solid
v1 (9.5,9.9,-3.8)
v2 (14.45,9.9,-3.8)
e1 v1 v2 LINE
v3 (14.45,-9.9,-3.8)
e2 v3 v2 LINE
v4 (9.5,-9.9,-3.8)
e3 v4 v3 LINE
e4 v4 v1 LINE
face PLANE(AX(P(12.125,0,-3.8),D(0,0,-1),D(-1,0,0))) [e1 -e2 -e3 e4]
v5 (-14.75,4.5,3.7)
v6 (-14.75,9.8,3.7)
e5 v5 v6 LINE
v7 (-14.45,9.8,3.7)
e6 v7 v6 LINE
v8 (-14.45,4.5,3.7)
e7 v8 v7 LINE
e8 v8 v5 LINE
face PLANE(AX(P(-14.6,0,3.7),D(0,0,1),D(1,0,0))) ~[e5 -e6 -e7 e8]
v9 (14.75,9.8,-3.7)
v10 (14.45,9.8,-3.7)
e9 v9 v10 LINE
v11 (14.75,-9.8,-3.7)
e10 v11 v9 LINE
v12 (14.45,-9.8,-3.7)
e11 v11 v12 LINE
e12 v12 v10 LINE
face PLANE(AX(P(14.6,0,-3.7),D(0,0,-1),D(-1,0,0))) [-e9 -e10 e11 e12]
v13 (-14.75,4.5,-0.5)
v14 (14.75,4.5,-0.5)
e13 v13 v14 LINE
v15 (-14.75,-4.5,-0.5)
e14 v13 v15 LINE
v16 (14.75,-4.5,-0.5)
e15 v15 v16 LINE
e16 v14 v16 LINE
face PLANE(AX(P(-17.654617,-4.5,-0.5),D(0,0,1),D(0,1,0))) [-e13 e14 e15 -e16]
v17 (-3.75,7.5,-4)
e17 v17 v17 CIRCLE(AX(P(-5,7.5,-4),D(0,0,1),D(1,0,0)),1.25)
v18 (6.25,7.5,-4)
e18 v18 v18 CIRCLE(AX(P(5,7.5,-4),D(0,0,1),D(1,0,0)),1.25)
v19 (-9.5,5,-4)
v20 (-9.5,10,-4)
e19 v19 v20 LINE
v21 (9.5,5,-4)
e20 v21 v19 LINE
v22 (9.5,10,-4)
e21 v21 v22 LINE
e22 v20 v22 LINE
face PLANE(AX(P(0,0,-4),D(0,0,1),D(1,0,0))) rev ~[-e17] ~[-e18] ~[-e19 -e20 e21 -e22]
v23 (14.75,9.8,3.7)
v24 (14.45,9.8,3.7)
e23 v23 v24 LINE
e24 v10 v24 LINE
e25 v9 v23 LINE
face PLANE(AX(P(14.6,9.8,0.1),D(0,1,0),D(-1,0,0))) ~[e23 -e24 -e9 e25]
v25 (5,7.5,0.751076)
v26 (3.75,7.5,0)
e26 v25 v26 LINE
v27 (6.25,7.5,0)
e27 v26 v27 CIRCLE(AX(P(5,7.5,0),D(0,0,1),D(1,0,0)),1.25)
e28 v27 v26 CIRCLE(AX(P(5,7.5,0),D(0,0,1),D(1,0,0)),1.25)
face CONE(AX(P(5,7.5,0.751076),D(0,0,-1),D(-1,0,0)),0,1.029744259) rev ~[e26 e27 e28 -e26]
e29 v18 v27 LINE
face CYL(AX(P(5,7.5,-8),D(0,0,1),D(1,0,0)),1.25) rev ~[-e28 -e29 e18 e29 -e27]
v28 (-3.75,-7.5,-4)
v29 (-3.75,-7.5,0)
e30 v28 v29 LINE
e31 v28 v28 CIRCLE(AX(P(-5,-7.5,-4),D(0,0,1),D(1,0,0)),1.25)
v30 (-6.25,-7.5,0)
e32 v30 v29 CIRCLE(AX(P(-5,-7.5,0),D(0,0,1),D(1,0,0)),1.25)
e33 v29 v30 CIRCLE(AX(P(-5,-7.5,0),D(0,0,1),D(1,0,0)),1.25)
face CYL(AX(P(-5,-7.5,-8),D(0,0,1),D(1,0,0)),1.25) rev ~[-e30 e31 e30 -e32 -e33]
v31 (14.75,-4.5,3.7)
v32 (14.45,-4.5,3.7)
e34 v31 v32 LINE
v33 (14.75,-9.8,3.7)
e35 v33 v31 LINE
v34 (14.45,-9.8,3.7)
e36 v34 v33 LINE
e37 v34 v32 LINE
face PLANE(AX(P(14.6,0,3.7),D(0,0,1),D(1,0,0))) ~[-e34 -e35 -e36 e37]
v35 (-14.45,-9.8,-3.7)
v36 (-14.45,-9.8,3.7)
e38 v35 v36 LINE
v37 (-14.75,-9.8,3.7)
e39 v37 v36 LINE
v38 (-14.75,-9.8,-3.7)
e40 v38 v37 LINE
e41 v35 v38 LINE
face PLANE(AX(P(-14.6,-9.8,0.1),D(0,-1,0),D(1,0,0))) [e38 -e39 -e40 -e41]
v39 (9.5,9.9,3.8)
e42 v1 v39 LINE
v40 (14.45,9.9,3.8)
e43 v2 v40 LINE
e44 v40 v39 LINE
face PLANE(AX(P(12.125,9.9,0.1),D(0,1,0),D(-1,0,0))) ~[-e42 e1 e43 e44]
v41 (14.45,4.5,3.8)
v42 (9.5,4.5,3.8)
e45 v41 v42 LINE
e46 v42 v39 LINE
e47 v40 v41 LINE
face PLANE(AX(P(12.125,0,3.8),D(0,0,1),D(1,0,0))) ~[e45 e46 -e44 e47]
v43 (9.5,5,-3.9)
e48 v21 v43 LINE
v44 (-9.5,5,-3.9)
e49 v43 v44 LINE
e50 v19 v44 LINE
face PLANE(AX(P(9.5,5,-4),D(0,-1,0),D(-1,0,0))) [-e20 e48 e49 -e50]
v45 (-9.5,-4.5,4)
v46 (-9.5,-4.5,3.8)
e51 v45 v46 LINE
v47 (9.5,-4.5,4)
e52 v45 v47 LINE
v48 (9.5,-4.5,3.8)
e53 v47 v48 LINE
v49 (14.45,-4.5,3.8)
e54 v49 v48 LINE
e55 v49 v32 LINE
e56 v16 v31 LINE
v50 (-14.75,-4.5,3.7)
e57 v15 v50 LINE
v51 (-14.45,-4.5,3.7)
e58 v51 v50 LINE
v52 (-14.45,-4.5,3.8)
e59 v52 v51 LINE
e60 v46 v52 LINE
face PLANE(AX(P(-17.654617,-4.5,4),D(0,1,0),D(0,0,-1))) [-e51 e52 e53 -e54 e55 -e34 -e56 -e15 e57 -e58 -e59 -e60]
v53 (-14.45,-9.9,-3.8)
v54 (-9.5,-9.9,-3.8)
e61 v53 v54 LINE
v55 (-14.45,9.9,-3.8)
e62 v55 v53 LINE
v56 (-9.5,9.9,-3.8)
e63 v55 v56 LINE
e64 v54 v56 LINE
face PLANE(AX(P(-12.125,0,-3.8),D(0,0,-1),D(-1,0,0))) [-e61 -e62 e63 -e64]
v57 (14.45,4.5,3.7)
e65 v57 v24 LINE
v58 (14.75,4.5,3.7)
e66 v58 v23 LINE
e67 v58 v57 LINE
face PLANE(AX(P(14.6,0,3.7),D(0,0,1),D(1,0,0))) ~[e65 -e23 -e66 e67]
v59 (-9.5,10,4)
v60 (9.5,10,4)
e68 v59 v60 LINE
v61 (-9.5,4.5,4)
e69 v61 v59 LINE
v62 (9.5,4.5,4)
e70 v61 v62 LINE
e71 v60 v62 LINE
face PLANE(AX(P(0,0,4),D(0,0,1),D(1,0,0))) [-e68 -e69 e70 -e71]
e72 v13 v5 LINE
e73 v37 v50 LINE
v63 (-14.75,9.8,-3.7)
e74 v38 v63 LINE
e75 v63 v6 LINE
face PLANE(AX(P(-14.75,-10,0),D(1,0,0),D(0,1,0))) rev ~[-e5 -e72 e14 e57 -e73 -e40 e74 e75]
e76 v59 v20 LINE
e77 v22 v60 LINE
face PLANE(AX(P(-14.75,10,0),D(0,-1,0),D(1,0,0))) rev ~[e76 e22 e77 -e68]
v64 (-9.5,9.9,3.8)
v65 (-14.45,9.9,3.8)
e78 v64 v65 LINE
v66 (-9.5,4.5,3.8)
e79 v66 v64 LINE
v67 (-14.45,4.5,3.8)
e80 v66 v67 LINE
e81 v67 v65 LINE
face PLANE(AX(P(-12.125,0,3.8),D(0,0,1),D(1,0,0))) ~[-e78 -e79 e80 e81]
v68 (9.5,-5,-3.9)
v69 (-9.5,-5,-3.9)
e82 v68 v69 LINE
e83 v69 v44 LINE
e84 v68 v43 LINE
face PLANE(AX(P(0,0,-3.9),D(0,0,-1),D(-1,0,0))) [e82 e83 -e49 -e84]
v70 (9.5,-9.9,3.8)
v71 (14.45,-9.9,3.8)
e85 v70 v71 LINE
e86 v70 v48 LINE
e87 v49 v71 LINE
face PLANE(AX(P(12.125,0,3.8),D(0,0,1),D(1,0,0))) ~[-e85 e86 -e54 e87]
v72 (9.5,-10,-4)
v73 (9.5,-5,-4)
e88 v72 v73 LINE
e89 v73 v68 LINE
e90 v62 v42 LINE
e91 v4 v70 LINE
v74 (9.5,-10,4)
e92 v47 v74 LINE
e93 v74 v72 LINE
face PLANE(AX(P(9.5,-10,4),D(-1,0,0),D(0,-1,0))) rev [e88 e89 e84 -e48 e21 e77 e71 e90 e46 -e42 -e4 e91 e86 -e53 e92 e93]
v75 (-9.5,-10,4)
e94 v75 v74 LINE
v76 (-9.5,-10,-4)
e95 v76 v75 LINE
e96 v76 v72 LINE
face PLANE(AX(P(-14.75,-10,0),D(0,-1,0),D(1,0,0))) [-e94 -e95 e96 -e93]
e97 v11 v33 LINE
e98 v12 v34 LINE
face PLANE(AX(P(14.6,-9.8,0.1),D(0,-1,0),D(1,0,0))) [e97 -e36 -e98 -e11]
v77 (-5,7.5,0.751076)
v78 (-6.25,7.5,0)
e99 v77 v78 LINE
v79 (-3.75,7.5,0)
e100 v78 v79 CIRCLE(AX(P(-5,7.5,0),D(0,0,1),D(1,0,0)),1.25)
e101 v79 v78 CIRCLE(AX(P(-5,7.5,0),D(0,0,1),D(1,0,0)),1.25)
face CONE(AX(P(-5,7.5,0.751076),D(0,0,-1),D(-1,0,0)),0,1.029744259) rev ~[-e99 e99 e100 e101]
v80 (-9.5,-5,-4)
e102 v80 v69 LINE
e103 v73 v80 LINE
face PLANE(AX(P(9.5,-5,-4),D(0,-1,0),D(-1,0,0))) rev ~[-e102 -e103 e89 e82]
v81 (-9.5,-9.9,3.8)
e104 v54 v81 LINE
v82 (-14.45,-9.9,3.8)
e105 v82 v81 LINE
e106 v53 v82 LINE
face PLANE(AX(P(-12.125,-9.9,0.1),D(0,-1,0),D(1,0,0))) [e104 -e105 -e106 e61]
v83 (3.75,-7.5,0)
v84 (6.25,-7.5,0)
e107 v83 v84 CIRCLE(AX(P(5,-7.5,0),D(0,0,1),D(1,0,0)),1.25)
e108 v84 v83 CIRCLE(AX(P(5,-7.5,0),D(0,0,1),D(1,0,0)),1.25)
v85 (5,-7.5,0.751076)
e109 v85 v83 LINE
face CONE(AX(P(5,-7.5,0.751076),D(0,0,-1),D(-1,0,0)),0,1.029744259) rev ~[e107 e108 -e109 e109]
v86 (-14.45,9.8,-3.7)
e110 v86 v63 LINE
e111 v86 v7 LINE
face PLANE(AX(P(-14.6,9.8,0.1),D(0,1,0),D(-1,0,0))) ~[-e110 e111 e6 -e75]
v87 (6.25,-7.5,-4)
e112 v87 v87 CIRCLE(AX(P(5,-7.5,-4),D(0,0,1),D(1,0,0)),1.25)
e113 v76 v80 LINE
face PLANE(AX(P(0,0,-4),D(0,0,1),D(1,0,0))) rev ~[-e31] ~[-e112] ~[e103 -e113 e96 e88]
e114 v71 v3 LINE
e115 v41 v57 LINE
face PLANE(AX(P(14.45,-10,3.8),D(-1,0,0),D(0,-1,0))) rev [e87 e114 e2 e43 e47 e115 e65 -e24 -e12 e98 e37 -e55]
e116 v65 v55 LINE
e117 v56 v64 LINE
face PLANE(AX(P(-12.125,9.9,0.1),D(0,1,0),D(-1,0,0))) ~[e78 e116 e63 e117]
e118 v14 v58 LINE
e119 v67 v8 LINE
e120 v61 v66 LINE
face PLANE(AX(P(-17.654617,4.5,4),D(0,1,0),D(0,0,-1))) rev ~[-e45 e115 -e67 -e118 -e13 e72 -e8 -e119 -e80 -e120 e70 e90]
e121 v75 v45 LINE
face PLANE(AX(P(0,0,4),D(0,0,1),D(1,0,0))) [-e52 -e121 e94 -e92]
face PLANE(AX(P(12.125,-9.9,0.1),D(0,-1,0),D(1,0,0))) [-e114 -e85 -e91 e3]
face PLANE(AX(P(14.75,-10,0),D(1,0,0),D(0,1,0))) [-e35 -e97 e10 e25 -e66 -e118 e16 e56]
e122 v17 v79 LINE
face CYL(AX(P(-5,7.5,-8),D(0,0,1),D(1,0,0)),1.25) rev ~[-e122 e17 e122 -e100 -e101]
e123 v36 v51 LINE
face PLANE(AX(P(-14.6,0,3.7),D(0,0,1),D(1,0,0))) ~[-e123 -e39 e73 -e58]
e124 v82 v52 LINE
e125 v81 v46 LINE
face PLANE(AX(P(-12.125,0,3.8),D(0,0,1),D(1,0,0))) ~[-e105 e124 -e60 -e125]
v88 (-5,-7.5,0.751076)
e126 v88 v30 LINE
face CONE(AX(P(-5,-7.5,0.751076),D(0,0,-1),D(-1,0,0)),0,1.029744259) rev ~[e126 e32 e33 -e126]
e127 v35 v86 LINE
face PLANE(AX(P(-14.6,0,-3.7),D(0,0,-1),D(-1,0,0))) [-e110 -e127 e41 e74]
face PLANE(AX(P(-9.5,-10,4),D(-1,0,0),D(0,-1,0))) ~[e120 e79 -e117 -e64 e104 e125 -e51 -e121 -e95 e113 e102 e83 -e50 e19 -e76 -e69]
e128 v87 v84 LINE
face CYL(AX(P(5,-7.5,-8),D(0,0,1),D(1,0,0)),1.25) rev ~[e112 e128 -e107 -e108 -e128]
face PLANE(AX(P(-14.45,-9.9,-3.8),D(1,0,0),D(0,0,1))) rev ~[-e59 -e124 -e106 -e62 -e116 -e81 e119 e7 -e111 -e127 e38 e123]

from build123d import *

# Parameters (mm, degrees)
ESQUISSE1_W                                   = 29.5
ESQUISSE1_H                                   = 20
BOSS_EXTRU_1_DEPTH                            = 4
ENL_V_MAT_EXTRU_1_DEPTH                       = 32.404617495
ENL_V_MAT_EXTRU_1_DEPTH_BACK                  = 32.404617495
ESQUISSE2_W                                   = 4.5
ESQUISSE2_H                                   = 9
ESQUISSE3_W                                   = 19
ESQUISSE3_H                                   = 10
ENL_V_MAT_EXTRU_2_DEPTH                       = 0.1
ESQUISSE4_W                                   = 5.25
ESQUISSE4_H                                   = 20
ENL_V_MAT_EXTRU_3_DEPTH                       = 0.2
ESQUISSE5_W                                   = 0.3
ESQUISSE5_H                                   = 20
ENL_V_MAT_EXTRU_4_DEPTH                       = 0.1
ESQUISSE6_W                                   = 5.25
ESQUISSE6_H                                   = 7.8
ENL_V_MAT_EXTRU_5_DEPTH                       = 0.1
ESQUISSE7_W                                   = 0.3
ESQUISSE7_H                                   = 7.8
ENL_V_MAT_EXTRU_6_DEPTH                       = 0.1
TROU_POUR_TARAUDAGE_POUR_TROU_TARAUD_M3_D     = 2.5
TROU_POUR_TARAUDAGE_POUR_TROU_TARAUD_M3_DEPTH = 4
TROU_POUR_TARAUDAGE_POUR_TROU_TARAUD_M3_TIP   = 0.751075774


with BuildPart() as part:
    # Esquisse1 → Boss.-Extru.1 (new, symmetric)
    with BuildSketch(Plane.XY):
        Rectangle(ESQUISSE1_W, ESQUISSE1_H)
    extrude(amount=BOSS_EXTRU_1_DEPTH, both=True)

    # Esquisse2 → Enlèv. mat.-Extru.1 (cut, two sides: drawn at the far end of the back side and taken through both)
    with BuildSketch(Plane(origin=(14.75, 0, 0), x_dir=(0, 0, -1), z_dir=(1, 0, 0)).offset(-ENL_V_MAT_EXTRU_1_DEPTH_BACK)):
        with Locations((-1.75, 0)):
            Rectangle(ESQUISSE2_W, ESQUISSE2_H)
    extrude(amount=ENL_V_MAT_EXTRU_1_DEPTH + ENL_V_MAT_EXTRU_1_DEPTH_BACK, mode=Mode.SUBTRACT)

    # Esquisse3 → Enlèv. mat.-Extru.2 (cut)
    with BuildSketch(Plane(origin=(0, 0, -4), x_dir=(-1, 0, 0), z_dir=(0, 0, -1))):
        Rectangle(ESQUISSE3_W, ESQUISSE3_H)
    extrude(amount=-ENL_V_MAT_EXTRU_2_DEPTH, mode=Mode.SUBTRACT)

    # Esquisse4 → Enlèv. mat.-Extru.3 (cut)
    with BuildSketch(Plane(origin=(0, 0, -4), x_dir=(-1, 0, 0), z_dir=(0, 0, -1))):
        with Locations((-12.125, 0)):
            Rectangle(ESQUISSE4_W, ESQUISSE4_H)
        with Locations((12.125, 0)):
            Rectangle(ESQUISSE4_W, ESQUISSE4_H)
    enl_v_mat_extru_3 = extrude(amount=-ENL_V_MAT_EXTRU_3_DEPTH, mode=Mode.SUBTRACT)

    # Esquisse5 → Enlèv. mat.-Extru.4 (cut)
    with BuildSketch(Plane(origin=(0, 0, -3.8), x_dir=(-1, 0, 0), z_dir=(0, 0, -1))):
        with Locations((-14.6, 0)):
            Rectangle(ESQUISSE5_W, ESQUISSE5_H)
        with Locations((14.6, 0)):
            Rectangle(ESQUISSE5_W, ESQUISSE5_H)
    enl_v_mat_extru_4 = extrude(amount=-ENL_V_MAT_EXTRU_4_DEPTH, mode=Mode.SUBTRACT)

    # Esquisse6 → Enlèv. mat.-Extru.5 (cut)
    with BuildSketch(Plane.XZ.offset(10)):
        with Locations((12.125, 0.1)):
            Rectangle(ESQUISSE6_W, ESQUISSE6_H)
        with Locations((-12.125, 0.1)):
            Rectangle(ESQUISSE6_W, ESQUISSE6_H)
    enl_v_mat_extru_5 = extrude(amount=-ENL_V_MAT_EXTRU_5_DEPTH, mode=Mode.SUBTRACT)

    # Esquisse7 → Enlèv. mat.-Extru.6 (cut)
    with BuildSketch(Plane.XZ.offset(9.9)):
        with Locations((-14.6, 0.1)):
            Rectangle(ESQUISSE7_W, ESQUISSE7_H)
        with Locations((14.6, 0.1)):
            Rectangle(ESQUISSE7_W, ESQUISSE7_H)
    enl_v_mat_extru_6 = extrude(amount=-ENL_V_MAT_EXTRU_6_DEPTH, mode=Mode.SUBTRACT)

    # Symétrie2: Enlèv. mat.-Extru.3, Enlèv. mat.-Extru.4 across plane
    add(enl_v_mat_extru_3.mirror(Plane.XY), mode=Mode.SUBTRACT)
    add(enl_v_mat_extru_4.mirror(Plane.XY), mode=Mode.SUBTRACT)

    # Symétrie2 at the second plane: Enlèv. mat.-Extru.3, Enlèv. mat.-Extru.4 across plane
    add(enl_v_mat_extru_3.mirror(Plane.ZX), mode=Mode.SUBTRACT)
    add(enl_v_mat_extru_4.mirror(Plane.ZX), mode=Mode.SUBTRACT)

    # Symétrie3: Enlèv. mat.-Extru.5, Enlèv. mat.-Extru.6 across plane
    add(enl_v_mat_extru_5.mirror(Plane.ZX), mode=Mode.SUBTRACT)
    add(enl_v_mat_extru_6.mirror(Plane.ZX), mode=Mode.SUBTRACT)

    # Trou pour taraudage pour trou taraudé M31
    with Locations(Plane(origin=(0, 0, -4), x_dir=(-1, 0, 0), z_dir=(0, 0, -1))):
        with Locations((-5, 7.5), (5, 7.5), (-5, -7.5), (5, -7.5)):
            Hole(TROU_POUR_TARAUDAGE_POUR_TROU_TARAUD_M3_D / 2, depth=TROU_POUR_TARAUDAGE_POUR_TROU_TARAUD_M3_DEPTH)
            with Locations((0, 0, -(TROU_POUR_TARAUDAGE_POUR_TROU_TARAUD_M3_DEPTH + TROU_POUR_TARAUDAGE_POUR_TROU_TARAUD_M3_TIP / 2))):  # 118° drill point
                Cone(0, TROU_POUR_TARAUDAGE_POUR_TROU_TARAUD_M3_D / 2, TROU_POUR_TARAUDAGE_POUR_TROU_TARAUD_M3_TIP, mode=Mode.SUBTRACT)


solid = part.part
